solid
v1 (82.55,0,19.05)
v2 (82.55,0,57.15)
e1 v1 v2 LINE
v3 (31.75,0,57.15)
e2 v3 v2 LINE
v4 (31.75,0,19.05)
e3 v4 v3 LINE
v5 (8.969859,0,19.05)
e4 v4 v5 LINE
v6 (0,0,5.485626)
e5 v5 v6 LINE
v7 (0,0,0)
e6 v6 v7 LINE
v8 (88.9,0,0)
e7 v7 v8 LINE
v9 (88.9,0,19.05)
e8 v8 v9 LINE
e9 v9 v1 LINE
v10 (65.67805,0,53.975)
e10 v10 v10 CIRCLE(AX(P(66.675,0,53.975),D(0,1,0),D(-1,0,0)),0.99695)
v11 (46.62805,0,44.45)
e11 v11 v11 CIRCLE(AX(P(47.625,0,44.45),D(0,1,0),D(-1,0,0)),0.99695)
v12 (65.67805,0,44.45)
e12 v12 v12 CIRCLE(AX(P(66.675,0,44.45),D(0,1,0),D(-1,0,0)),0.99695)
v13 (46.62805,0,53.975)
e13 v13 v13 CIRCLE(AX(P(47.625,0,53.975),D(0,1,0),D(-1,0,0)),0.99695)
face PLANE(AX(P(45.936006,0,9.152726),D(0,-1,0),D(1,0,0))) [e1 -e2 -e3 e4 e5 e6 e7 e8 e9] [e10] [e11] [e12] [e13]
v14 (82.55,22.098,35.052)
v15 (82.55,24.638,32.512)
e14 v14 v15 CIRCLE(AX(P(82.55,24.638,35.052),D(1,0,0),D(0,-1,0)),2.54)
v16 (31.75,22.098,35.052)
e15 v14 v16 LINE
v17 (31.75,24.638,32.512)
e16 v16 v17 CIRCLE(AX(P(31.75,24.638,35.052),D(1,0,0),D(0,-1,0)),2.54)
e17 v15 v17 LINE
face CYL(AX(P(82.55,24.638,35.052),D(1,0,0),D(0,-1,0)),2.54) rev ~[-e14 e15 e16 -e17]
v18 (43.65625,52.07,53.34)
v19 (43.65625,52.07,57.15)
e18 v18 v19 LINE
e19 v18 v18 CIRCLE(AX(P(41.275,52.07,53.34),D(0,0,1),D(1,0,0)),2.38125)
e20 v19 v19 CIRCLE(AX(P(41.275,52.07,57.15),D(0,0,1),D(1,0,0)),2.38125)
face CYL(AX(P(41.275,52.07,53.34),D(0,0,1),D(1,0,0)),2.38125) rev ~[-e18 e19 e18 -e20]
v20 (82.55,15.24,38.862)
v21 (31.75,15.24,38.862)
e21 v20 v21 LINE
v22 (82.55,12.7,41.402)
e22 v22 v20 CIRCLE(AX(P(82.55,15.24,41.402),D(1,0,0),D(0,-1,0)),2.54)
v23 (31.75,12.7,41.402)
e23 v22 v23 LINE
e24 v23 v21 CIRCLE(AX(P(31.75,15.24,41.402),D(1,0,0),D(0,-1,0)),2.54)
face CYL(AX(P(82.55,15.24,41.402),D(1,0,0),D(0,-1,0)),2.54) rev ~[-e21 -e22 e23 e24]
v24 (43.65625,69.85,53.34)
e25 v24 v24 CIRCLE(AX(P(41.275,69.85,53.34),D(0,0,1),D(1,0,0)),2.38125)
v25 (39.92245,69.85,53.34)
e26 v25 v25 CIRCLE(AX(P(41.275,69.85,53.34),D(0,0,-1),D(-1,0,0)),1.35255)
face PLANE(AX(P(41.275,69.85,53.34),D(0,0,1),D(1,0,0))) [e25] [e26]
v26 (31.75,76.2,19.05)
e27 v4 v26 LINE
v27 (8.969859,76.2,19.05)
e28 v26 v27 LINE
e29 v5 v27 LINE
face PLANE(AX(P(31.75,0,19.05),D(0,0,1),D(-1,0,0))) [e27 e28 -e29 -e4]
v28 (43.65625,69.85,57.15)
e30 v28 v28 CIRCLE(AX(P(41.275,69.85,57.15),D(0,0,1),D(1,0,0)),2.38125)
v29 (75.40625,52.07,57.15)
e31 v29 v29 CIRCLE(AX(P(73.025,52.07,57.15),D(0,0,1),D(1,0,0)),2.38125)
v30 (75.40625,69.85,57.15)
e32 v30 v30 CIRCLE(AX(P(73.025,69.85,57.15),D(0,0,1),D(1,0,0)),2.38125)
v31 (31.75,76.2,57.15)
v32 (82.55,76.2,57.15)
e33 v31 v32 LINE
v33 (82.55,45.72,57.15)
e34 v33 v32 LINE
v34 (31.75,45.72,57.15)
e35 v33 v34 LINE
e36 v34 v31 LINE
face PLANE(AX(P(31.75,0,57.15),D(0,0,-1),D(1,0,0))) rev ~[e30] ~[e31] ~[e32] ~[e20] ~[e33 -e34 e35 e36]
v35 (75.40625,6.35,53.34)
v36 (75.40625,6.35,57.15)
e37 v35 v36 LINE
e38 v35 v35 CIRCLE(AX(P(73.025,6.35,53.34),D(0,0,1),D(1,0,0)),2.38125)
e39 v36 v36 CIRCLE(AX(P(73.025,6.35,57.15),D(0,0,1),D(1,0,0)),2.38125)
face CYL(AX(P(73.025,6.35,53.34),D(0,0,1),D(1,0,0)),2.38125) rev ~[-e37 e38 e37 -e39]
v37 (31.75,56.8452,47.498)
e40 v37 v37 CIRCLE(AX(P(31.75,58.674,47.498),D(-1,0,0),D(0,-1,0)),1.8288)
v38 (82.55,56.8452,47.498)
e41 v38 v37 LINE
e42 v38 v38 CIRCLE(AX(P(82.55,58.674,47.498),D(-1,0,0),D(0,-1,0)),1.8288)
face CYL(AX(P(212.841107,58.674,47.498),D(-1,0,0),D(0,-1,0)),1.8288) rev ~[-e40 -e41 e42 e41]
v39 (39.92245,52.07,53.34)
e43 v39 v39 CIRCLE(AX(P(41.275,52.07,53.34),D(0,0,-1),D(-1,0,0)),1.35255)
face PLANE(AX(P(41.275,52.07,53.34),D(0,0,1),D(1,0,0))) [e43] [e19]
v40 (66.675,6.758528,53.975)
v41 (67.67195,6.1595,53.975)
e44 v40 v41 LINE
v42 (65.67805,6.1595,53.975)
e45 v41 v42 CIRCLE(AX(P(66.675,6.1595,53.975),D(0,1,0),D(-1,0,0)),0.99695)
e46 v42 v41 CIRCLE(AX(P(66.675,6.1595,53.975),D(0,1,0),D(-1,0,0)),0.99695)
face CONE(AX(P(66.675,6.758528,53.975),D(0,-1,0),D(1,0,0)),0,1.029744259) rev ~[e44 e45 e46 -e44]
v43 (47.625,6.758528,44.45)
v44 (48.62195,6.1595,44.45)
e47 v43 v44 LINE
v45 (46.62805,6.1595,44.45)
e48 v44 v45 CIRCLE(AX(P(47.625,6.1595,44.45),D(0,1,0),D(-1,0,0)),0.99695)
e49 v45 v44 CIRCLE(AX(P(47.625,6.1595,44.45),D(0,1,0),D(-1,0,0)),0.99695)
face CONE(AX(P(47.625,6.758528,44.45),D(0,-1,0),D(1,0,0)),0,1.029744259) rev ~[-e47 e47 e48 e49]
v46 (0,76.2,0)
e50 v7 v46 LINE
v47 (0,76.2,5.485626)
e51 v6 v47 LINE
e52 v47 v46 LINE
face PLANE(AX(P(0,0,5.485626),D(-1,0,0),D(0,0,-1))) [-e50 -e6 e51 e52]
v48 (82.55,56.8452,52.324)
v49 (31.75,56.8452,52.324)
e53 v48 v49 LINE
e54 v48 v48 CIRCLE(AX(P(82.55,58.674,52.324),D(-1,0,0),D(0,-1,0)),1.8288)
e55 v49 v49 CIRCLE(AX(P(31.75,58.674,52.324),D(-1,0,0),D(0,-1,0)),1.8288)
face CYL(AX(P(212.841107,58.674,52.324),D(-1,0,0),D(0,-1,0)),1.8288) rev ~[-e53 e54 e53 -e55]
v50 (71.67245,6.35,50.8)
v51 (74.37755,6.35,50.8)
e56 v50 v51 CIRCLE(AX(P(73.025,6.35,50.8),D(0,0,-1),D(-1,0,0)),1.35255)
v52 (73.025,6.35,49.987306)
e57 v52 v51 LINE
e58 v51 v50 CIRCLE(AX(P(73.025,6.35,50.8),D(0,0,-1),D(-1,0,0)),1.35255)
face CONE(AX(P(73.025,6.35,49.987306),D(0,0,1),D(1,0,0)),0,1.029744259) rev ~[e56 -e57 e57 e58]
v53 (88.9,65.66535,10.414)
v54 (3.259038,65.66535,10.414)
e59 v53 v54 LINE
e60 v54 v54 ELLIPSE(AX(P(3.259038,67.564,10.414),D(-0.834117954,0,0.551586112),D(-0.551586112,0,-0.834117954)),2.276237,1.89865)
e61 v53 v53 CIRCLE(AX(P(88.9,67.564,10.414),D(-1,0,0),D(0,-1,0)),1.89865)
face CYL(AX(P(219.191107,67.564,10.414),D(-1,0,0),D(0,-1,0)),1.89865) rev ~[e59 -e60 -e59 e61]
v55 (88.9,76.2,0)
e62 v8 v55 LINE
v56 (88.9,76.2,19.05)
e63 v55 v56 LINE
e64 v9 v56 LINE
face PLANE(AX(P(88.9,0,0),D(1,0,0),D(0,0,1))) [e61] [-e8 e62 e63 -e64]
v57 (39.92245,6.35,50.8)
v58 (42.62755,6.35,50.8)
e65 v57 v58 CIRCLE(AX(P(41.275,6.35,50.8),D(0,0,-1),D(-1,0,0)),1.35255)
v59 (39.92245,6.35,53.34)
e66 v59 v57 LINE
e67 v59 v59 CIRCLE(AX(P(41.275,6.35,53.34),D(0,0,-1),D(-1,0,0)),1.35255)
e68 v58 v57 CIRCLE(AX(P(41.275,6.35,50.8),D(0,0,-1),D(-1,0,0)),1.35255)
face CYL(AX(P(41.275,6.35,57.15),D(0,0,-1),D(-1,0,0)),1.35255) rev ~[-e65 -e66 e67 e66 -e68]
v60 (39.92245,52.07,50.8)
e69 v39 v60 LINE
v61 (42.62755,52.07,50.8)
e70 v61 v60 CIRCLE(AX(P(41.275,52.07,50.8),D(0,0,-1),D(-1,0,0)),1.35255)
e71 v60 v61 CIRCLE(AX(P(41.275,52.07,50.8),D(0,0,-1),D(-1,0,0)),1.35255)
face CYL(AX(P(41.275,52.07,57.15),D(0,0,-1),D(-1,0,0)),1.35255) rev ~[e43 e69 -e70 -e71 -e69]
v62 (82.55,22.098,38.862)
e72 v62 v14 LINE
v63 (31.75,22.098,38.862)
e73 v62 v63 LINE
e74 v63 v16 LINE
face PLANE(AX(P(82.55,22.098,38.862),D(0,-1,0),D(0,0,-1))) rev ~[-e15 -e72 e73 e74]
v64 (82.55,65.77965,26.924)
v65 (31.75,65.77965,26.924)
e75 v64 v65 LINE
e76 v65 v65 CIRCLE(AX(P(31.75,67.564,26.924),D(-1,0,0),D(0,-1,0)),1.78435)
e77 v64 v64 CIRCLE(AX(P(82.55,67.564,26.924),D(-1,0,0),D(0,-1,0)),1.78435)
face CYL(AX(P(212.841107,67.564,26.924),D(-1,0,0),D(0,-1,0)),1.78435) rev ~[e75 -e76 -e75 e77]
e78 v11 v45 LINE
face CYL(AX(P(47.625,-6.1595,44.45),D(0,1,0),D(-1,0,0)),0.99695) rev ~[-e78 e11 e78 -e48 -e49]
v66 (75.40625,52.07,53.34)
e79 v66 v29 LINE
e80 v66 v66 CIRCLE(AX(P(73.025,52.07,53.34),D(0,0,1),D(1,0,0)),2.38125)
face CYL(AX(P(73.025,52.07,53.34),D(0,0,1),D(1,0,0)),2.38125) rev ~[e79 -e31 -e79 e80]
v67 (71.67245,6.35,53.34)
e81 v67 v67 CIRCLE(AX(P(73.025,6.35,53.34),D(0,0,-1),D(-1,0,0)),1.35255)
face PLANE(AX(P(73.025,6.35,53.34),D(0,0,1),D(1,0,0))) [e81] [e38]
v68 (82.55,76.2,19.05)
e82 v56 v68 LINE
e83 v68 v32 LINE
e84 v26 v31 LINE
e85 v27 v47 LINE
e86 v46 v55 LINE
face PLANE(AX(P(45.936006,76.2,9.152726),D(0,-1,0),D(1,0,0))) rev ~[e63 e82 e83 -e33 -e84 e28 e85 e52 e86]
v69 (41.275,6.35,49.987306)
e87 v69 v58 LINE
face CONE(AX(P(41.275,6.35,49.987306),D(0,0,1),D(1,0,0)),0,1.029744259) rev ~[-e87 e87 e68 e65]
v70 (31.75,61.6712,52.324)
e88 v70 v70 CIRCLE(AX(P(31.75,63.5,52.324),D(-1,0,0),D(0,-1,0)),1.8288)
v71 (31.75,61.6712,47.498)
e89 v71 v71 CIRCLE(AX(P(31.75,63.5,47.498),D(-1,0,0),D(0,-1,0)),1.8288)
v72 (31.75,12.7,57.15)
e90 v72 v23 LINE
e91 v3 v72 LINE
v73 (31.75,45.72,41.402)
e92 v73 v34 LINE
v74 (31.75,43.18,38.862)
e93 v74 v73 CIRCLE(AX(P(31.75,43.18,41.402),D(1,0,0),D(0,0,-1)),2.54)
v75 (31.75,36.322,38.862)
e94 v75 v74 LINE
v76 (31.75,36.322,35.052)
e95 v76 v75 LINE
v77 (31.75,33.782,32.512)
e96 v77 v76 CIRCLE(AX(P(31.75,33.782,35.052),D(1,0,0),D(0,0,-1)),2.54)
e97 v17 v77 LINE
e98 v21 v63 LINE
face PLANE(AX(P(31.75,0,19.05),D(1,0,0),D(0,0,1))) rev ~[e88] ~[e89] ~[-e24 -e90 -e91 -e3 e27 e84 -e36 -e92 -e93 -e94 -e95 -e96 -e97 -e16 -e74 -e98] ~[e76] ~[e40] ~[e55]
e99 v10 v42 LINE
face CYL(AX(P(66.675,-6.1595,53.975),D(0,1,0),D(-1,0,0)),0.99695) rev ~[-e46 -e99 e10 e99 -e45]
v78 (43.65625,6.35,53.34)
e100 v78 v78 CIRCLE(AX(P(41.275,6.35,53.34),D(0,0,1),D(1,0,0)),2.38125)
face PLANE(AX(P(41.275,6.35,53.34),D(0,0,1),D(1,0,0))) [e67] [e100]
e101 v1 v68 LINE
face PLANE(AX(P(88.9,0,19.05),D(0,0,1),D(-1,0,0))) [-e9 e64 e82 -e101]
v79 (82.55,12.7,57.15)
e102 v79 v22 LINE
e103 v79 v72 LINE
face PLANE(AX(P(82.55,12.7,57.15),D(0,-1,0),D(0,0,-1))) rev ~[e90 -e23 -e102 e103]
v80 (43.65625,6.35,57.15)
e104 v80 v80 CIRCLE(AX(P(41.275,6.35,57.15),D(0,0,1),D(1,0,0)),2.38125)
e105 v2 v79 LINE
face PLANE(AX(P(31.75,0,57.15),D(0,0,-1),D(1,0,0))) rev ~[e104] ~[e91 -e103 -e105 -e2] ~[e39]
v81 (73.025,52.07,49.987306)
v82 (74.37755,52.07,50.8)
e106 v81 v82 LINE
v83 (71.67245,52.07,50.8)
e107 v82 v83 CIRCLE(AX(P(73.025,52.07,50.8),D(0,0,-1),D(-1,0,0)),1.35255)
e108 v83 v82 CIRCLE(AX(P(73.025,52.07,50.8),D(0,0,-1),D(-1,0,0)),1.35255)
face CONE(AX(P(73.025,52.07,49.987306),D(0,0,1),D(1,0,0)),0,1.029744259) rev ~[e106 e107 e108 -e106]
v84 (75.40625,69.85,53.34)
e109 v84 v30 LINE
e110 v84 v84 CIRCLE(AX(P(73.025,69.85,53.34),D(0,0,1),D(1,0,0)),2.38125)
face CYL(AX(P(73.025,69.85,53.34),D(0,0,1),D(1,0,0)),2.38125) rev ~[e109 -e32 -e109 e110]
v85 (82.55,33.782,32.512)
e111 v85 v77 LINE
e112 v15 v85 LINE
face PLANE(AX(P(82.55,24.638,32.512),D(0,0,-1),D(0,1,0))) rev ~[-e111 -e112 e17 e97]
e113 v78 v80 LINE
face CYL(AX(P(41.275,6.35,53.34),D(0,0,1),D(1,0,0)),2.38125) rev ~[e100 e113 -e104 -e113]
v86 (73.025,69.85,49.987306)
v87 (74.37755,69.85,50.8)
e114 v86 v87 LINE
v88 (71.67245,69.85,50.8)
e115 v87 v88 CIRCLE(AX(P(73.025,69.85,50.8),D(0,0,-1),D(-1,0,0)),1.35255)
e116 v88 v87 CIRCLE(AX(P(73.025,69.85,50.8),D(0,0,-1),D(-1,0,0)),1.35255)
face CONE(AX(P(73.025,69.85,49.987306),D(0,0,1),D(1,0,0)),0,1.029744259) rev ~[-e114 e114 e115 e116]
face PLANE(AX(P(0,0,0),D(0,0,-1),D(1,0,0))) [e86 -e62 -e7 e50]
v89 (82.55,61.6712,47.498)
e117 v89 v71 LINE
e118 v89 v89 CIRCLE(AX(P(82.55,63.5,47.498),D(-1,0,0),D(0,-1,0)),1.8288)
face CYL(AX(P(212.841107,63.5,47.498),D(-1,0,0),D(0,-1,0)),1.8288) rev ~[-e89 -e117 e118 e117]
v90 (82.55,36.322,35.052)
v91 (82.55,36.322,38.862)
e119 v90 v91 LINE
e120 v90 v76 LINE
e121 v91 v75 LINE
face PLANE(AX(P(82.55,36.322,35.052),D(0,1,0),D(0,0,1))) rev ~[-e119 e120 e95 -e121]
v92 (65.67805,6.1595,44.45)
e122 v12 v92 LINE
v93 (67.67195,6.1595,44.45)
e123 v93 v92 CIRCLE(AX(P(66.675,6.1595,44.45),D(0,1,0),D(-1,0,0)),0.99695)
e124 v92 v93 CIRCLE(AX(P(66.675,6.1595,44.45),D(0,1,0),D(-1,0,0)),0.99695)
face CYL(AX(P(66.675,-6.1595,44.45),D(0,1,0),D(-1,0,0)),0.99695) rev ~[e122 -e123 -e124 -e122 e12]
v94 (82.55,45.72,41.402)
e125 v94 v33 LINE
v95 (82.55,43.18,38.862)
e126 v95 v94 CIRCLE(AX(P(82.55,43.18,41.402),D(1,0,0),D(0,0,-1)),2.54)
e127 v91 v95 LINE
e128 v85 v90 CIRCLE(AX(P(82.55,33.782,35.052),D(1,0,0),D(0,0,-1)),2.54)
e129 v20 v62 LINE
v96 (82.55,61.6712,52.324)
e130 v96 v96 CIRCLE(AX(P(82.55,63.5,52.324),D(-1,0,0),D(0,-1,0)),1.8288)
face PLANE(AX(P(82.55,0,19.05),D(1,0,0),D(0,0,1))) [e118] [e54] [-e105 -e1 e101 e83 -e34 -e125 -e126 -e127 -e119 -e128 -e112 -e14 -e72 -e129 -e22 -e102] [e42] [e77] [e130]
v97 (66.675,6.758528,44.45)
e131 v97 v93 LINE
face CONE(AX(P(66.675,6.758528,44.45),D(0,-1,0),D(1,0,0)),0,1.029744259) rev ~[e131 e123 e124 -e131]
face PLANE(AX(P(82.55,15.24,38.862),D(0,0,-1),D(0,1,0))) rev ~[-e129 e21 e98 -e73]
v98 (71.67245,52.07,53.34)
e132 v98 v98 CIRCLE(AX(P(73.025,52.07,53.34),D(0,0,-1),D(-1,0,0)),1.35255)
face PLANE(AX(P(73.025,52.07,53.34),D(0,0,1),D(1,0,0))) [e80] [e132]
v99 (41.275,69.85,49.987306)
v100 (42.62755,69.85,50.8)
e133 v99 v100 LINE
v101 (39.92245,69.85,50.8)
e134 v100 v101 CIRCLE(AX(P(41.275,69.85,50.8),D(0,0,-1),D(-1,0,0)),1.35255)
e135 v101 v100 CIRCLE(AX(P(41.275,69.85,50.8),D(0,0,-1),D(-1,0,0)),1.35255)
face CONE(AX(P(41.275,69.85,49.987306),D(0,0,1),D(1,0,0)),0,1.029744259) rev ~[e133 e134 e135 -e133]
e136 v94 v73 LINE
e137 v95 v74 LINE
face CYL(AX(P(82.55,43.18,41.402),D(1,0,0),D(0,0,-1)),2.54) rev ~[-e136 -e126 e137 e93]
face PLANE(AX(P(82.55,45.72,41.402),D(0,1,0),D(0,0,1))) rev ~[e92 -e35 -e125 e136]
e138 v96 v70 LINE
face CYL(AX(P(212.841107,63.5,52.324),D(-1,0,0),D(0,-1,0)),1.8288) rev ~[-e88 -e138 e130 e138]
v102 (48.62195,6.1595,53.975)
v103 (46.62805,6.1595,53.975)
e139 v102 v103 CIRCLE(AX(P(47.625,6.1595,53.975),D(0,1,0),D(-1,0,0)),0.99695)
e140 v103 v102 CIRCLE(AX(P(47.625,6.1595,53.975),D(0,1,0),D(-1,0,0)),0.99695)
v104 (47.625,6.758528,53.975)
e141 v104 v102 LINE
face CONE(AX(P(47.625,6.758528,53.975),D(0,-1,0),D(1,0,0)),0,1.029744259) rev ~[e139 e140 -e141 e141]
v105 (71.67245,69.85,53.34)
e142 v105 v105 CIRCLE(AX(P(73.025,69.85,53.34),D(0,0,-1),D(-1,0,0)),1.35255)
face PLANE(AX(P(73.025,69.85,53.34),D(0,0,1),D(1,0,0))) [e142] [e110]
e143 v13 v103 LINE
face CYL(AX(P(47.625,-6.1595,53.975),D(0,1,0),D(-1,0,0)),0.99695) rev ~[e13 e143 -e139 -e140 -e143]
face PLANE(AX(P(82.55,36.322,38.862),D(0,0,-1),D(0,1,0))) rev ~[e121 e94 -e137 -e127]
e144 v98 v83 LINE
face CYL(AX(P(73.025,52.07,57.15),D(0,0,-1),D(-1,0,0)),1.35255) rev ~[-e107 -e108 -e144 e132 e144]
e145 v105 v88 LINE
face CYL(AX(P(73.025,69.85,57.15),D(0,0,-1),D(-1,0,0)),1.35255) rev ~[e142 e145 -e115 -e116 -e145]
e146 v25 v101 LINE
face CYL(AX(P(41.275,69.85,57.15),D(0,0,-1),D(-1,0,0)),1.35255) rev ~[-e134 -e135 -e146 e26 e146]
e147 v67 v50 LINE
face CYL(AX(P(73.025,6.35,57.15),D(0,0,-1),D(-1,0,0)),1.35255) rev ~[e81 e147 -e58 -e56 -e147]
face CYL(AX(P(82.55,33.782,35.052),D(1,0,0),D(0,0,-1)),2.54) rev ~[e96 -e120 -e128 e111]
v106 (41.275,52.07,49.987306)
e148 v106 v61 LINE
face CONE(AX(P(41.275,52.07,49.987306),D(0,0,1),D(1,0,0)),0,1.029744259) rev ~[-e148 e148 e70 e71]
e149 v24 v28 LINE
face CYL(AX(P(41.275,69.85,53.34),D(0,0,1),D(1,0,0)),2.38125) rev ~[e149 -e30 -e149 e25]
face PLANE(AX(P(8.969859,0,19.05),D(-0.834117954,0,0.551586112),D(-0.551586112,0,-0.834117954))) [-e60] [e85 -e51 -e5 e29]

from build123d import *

# Parameters (mm, degrees)
F0_W            = 50.8
F0_H            = 38.1
F1_DEPTH        = 76.2
F3_DEPTH        = 82.551
F4_D            = 3.6576
F5_D            = 3.5687
F7_D            = 3.7973
F9_D            = 1.9939
F9_DEPTH        = 6.1595
F9_TIP          = 0.5990279941
F11_D           = 2.7051
F11_DEPTH       = 6.35
F11_CBORE_D     = 4.7625
F11_CBORE_DEPTH = 3.81
F11_TIP         = 0.8126940303


with BuildPart() as f1:
    # F0 (on Front) → F1 (new body)
    with BuildSketch(Plane.XZ):
        Polygon((0, 5.4856264032), (0, 0), (88.9, 0), (88.9, 19.05), (82.55, 19.05), (31.75, 19.05), (8.9698585882, 19.05), align=None)
        with Locations((57.15, 38.1)):
            Rectangle(F0_W, F0_H)
    extrude(amount=-F1_DEPTH)

    # F2 (on face) → F3 (cut, through all)
    with BuildSketch(Plane.YZ.offset(82.55)):
        with BuildLine():
            Line((45.72, 57.15), (12.7, 57.15))
            Line((12.7, 57.15), (12.7, 41.402))
            ThreePointArc((12.7, 41.402), (13.4439487758, 39.6059487758), (15.24, 38.862))
            Line((15.24, 38.862), (22.098, 38.862))
            Line((22.098, 38.862), (22.098, 35.052))
            ThreePointArc((22.098, 35.052), (22.8419487758, 33.2559487758), (24.638, 32.512))
            Line((24.638, 32.512), (33.782, 32.512))
            ThreePointArc((33.782, 32.512), (35.5780512242, 33.2559487758), (36.322, 35.052))
            Line((36.322, 35.052), (36.322, 38.862))
            Line((36.322, 38.862), (43.18, 38.862))
            ThreePointArc((43.18, 38.862), (44.9760512242, 39.6059487758), (45.72, 41.402))
            Line((45.72, 41.402), (45.72, 57.15))
        make_face()
    extrude(amount=-F3_DEPTH, mode=Mode.SUBTRACT)

    # F4 (through all)
    with Locations(Plane.YZ.offset(82.55)):
        with Locations((58.674, 52.324), (63.5, 52.324), (63.5, 47.498), (58.674, 47.498)):
            Hole(F4_D / 2)

    # F5 (through all)
    with Locations(Plane.YZ.offset(82.55)):
        with Locations((67.564, 26.924)):
            Hole(F5_D / 2)

    # F7 (through all)
    with Locations(Plane.YZ.offset(88.9)):
        with Locations((67.564, 10.414)):
            Hole(F7_D / 2)

    # F9
    with Locations(Plane.XZ):
        with Locations((47.625, 53.975), (66.675, 53.975), (66.675, 44.45), (47.625, 44.45)):
            Hole(F9_D / 2, depth=F9_DEPTH)
            with Locations((0, 0, -(F9_DEPTH + F9_TIP / 2))):  # 118° drill point
                Cone(0, F9_D / 2, F9_TIP, mode=Mode.SUBTRACT)

    # F11
    with Locations(Plane.XY.offset(57.15)):
        with Locations((41.275, 69.85), (41.275, 52.07), (73.025, 69.85), (73.025, 52.07), (73.025, 6.35), (41.275, 6.35)):
            CounterBoreHole(F11_D / 2, F11_CBORE_D / 2, F11_CBORE_DEPTH, depth=F11_DEPTH)
            with Locations((0, 0, -(F11_DEPTH + F11_TIP / 2))):  # 118° drill point
                Cone(0, F11_D / 2, F11_TIP, mode=Mode.SUBTRACT)


solid = f1.part
